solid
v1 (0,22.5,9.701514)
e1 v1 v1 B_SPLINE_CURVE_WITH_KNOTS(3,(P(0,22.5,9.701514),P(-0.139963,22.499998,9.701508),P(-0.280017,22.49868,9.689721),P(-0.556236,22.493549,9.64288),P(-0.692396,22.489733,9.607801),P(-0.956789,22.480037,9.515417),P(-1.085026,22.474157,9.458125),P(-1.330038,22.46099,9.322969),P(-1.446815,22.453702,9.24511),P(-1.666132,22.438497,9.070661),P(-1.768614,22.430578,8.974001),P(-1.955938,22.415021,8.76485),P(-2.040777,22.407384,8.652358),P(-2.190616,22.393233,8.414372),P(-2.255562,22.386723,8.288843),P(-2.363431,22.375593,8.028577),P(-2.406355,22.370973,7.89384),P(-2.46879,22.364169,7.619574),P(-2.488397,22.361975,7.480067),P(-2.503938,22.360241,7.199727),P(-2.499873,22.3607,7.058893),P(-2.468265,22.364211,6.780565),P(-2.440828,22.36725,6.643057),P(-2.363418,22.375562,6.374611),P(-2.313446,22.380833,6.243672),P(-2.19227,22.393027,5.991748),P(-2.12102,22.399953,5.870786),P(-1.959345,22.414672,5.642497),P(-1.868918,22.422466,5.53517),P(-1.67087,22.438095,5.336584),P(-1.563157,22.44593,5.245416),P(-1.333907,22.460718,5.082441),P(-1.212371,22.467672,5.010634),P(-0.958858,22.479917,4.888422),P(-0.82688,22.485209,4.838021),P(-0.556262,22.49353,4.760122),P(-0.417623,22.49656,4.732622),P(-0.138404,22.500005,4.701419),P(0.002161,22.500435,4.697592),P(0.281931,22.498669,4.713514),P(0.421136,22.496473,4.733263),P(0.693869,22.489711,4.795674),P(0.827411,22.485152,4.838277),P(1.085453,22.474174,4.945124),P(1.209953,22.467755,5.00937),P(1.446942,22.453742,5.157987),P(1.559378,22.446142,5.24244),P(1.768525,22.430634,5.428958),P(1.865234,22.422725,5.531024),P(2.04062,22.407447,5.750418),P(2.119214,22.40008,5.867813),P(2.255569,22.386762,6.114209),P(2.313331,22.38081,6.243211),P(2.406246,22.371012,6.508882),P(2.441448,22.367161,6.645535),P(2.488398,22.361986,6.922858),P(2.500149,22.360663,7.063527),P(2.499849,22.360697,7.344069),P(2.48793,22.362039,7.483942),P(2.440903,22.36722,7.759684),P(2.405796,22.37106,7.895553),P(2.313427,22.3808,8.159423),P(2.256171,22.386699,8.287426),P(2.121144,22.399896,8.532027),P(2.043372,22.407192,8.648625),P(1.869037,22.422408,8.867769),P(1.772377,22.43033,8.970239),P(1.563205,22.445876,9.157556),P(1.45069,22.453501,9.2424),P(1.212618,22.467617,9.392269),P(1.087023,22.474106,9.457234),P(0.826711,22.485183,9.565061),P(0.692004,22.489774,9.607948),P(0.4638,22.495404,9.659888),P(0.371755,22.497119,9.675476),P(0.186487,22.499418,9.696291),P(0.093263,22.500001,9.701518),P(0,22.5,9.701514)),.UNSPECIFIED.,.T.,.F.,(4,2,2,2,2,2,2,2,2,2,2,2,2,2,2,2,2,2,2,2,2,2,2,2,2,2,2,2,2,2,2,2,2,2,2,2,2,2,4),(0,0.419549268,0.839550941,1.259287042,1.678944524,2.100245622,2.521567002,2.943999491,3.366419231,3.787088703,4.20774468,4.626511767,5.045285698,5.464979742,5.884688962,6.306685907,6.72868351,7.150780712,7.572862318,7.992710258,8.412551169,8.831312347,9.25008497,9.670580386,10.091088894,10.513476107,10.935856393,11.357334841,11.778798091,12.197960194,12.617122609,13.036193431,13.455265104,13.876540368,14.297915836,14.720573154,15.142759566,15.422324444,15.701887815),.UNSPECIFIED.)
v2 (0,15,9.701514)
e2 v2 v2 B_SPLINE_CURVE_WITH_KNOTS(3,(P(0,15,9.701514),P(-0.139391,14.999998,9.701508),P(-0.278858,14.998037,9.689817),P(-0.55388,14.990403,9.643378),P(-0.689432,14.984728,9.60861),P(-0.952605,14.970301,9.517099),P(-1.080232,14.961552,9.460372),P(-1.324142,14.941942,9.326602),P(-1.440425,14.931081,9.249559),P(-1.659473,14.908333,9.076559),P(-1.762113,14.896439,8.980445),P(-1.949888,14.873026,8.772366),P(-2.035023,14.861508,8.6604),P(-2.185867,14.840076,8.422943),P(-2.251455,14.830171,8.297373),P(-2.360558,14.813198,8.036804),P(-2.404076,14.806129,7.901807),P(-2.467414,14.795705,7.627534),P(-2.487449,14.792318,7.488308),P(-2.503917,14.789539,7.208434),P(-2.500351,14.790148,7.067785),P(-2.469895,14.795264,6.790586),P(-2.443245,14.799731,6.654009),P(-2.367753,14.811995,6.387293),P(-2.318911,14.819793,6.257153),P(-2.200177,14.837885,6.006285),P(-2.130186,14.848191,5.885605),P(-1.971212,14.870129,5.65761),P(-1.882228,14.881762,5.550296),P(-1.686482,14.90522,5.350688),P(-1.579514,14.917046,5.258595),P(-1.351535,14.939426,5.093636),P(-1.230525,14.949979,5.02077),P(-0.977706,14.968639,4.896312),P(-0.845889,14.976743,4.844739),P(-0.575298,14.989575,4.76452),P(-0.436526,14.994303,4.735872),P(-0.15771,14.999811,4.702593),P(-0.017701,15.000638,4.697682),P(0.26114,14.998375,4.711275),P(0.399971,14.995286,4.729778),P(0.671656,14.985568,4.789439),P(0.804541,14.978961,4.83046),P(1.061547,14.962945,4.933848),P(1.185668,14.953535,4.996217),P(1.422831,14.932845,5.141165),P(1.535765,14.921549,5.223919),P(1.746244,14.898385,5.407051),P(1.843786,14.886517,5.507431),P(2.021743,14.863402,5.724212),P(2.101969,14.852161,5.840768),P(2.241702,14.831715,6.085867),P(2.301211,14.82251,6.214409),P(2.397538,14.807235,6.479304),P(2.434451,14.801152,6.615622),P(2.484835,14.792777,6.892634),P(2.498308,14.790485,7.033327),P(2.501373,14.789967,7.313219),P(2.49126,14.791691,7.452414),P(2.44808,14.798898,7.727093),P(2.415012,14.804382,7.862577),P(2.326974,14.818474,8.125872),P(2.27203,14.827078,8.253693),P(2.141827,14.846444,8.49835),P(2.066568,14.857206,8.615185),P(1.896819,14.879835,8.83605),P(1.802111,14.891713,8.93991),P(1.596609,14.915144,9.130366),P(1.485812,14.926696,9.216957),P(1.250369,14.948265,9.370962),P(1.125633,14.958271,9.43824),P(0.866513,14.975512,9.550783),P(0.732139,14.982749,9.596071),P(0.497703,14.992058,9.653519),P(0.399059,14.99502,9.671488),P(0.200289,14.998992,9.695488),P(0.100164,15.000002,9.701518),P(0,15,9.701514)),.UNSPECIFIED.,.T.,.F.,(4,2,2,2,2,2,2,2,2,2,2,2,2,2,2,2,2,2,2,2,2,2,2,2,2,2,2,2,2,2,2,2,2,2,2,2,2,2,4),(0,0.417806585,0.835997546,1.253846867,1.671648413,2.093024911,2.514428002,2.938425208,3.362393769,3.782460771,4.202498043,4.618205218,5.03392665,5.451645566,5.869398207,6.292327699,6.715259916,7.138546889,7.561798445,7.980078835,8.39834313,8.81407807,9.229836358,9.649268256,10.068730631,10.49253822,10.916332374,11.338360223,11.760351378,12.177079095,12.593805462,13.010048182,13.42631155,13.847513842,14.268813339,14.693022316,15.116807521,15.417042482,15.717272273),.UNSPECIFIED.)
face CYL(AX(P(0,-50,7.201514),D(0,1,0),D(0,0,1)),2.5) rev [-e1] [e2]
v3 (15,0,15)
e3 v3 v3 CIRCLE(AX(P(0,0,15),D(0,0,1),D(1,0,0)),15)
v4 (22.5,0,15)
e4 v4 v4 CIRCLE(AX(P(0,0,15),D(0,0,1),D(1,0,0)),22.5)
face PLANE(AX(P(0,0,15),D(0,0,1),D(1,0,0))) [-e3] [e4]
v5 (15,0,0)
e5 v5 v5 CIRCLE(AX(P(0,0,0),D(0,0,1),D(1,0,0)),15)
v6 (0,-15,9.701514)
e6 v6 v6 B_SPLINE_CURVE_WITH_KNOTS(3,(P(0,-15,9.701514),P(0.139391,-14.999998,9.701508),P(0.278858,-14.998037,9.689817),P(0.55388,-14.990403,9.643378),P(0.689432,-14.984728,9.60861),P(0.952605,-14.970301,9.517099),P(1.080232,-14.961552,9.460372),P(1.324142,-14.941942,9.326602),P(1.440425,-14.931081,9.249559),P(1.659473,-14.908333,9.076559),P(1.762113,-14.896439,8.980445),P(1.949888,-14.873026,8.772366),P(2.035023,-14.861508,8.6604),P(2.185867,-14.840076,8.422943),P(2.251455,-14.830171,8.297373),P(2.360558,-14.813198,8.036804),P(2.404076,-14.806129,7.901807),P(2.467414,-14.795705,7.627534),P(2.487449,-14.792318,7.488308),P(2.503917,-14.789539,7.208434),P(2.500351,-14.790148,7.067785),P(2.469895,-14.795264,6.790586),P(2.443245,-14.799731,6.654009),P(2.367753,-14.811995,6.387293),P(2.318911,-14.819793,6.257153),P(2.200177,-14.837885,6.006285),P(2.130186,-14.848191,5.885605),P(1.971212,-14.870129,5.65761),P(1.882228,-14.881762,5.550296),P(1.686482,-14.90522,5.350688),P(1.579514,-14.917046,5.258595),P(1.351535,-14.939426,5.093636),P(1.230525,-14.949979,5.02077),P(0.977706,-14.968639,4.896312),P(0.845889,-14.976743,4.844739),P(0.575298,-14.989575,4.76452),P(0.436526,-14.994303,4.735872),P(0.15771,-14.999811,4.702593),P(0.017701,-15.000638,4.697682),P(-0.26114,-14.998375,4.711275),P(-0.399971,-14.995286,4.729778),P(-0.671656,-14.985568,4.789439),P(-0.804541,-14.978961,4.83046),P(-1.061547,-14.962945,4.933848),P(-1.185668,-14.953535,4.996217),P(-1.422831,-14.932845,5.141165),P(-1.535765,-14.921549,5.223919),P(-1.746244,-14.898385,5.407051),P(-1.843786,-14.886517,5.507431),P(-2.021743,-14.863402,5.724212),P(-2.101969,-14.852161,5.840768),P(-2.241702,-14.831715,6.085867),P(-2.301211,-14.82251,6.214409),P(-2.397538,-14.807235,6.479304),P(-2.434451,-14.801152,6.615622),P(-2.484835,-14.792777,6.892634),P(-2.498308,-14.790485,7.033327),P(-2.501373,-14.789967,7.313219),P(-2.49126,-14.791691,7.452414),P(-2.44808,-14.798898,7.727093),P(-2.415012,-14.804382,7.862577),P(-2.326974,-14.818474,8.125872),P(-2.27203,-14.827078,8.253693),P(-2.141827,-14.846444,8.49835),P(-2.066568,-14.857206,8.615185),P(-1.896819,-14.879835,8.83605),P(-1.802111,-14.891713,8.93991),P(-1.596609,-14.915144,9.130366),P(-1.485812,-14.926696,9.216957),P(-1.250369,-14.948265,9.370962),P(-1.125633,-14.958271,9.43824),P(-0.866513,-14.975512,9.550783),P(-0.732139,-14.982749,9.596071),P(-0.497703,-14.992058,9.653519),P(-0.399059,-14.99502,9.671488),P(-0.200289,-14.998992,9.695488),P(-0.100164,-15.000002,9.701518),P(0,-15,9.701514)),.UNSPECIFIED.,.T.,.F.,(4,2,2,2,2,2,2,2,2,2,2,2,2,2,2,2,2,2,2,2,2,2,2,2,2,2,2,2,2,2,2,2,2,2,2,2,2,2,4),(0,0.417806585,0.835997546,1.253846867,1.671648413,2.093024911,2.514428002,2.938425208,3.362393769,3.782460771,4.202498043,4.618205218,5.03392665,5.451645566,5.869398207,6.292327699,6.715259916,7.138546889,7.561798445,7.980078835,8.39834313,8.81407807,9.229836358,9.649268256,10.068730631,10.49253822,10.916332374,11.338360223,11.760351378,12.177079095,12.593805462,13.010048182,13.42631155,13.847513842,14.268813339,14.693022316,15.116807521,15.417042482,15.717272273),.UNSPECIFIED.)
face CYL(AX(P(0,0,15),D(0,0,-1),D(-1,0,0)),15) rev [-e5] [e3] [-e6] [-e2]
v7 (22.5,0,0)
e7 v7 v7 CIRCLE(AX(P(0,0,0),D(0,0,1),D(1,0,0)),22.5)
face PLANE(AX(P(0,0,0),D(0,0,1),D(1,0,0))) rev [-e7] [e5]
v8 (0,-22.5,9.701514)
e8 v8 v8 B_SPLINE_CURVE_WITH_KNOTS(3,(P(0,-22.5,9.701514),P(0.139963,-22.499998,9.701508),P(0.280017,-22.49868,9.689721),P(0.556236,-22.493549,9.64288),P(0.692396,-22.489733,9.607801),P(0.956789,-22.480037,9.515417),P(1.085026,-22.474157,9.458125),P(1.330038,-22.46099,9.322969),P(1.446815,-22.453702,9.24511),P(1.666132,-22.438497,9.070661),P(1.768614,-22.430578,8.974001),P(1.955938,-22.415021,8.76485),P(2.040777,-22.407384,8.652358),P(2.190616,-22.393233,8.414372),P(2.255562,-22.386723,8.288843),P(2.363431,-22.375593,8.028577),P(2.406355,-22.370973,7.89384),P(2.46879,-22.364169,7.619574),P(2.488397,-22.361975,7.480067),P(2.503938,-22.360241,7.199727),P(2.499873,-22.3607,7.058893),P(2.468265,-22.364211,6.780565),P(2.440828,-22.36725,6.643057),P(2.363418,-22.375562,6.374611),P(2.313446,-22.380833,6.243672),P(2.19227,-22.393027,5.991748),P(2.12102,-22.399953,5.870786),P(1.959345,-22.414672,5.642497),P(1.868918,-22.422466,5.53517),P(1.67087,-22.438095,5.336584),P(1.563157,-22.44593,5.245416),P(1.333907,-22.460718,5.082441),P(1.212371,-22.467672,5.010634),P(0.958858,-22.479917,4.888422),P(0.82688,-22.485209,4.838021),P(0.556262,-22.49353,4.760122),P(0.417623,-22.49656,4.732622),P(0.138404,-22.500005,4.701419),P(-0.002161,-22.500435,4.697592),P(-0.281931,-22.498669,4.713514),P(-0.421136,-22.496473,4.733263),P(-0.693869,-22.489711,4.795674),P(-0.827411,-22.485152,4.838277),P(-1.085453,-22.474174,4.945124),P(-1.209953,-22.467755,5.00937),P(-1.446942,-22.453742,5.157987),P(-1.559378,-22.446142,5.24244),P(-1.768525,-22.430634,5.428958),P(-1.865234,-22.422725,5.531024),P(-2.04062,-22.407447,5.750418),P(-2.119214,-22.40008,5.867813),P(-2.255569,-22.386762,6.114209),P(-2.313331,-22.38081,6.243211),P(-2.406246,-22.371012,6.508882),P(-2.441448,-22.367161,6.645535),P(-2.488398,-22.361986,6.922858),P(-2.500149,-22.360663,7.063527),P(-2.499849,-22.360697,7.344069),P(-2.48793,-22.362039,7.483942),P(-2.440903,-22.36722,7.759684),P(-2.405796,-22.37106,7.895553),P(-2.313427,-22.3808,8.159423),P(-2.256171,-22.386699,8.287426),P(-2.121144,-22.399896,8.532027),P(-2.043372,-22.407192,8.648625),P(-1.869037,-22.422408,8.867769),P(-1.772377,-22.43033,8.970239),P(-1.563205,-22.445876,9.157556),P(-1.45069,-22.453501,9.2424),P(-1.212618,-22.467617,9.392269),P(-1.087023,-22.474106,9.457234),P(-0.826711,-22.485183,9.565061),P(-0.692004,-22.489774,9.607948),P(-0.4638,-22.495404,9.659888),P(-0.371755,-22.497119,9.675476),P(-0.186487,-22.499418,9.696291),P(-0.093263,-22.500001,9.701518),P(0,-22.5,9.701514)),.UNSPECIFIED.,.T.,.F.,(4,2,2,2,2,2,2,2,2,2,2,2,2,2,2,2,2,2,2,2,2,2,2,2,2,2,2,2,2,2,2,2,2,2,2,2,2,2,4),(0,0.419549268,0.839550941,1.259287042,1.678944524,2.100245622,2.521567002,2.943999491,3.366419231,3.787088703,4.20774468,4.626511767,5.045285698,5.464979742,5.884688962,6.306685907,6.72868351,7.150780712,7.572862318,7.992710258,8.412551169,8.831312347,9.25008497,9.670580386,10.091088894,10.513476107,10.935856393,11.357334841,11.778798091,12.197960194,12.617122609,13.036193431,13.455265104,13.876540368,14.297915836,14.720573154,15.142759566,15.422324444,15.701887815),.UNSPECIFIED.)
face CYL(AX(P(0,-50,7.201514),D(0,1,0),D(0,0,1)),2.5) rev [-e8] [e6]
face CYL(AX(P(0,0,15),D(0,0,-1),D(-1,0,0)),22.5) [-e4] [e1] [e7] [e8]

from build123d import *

# Parameters (mm, degrees)
SKETCH2_R           = 22.5
SKETCH2_R_2         = 15
BOSS_EXTRUDE1_DEPTH = 15
SKETCH3_R           = 2.5
CUT_EXTRUDE1_DEPTH  = 50


with BuildPart() as part:
    # Sketch2 → Boss-Extrude1 (new body)
    with BuildSketch(Plane.XY):
        Circle(SKETCH2_R)
        Circle(SKETCH2_R_2, mode=Mode.SUBTRACT)
    extrude(amount=BOSS_EXTRUDE1_DEPTH)

    # Sketch3 → Cut-Extrude1 (cut, symmetric)
    with BuildSketch(Plane(origin=(0, 0, 0), x_dir=(1, 0, 0), z_dir=(0, 1, 0))):
        with Locations(Location((0, -7.201513956, 0), (0, 0, 270))):
            Circle(SKETCH3_R)
    extrude(amount=CUT_EXTRUDE1_DEPTH, both=True, mode=Mode.SUBTRACT)


solid = part.part
